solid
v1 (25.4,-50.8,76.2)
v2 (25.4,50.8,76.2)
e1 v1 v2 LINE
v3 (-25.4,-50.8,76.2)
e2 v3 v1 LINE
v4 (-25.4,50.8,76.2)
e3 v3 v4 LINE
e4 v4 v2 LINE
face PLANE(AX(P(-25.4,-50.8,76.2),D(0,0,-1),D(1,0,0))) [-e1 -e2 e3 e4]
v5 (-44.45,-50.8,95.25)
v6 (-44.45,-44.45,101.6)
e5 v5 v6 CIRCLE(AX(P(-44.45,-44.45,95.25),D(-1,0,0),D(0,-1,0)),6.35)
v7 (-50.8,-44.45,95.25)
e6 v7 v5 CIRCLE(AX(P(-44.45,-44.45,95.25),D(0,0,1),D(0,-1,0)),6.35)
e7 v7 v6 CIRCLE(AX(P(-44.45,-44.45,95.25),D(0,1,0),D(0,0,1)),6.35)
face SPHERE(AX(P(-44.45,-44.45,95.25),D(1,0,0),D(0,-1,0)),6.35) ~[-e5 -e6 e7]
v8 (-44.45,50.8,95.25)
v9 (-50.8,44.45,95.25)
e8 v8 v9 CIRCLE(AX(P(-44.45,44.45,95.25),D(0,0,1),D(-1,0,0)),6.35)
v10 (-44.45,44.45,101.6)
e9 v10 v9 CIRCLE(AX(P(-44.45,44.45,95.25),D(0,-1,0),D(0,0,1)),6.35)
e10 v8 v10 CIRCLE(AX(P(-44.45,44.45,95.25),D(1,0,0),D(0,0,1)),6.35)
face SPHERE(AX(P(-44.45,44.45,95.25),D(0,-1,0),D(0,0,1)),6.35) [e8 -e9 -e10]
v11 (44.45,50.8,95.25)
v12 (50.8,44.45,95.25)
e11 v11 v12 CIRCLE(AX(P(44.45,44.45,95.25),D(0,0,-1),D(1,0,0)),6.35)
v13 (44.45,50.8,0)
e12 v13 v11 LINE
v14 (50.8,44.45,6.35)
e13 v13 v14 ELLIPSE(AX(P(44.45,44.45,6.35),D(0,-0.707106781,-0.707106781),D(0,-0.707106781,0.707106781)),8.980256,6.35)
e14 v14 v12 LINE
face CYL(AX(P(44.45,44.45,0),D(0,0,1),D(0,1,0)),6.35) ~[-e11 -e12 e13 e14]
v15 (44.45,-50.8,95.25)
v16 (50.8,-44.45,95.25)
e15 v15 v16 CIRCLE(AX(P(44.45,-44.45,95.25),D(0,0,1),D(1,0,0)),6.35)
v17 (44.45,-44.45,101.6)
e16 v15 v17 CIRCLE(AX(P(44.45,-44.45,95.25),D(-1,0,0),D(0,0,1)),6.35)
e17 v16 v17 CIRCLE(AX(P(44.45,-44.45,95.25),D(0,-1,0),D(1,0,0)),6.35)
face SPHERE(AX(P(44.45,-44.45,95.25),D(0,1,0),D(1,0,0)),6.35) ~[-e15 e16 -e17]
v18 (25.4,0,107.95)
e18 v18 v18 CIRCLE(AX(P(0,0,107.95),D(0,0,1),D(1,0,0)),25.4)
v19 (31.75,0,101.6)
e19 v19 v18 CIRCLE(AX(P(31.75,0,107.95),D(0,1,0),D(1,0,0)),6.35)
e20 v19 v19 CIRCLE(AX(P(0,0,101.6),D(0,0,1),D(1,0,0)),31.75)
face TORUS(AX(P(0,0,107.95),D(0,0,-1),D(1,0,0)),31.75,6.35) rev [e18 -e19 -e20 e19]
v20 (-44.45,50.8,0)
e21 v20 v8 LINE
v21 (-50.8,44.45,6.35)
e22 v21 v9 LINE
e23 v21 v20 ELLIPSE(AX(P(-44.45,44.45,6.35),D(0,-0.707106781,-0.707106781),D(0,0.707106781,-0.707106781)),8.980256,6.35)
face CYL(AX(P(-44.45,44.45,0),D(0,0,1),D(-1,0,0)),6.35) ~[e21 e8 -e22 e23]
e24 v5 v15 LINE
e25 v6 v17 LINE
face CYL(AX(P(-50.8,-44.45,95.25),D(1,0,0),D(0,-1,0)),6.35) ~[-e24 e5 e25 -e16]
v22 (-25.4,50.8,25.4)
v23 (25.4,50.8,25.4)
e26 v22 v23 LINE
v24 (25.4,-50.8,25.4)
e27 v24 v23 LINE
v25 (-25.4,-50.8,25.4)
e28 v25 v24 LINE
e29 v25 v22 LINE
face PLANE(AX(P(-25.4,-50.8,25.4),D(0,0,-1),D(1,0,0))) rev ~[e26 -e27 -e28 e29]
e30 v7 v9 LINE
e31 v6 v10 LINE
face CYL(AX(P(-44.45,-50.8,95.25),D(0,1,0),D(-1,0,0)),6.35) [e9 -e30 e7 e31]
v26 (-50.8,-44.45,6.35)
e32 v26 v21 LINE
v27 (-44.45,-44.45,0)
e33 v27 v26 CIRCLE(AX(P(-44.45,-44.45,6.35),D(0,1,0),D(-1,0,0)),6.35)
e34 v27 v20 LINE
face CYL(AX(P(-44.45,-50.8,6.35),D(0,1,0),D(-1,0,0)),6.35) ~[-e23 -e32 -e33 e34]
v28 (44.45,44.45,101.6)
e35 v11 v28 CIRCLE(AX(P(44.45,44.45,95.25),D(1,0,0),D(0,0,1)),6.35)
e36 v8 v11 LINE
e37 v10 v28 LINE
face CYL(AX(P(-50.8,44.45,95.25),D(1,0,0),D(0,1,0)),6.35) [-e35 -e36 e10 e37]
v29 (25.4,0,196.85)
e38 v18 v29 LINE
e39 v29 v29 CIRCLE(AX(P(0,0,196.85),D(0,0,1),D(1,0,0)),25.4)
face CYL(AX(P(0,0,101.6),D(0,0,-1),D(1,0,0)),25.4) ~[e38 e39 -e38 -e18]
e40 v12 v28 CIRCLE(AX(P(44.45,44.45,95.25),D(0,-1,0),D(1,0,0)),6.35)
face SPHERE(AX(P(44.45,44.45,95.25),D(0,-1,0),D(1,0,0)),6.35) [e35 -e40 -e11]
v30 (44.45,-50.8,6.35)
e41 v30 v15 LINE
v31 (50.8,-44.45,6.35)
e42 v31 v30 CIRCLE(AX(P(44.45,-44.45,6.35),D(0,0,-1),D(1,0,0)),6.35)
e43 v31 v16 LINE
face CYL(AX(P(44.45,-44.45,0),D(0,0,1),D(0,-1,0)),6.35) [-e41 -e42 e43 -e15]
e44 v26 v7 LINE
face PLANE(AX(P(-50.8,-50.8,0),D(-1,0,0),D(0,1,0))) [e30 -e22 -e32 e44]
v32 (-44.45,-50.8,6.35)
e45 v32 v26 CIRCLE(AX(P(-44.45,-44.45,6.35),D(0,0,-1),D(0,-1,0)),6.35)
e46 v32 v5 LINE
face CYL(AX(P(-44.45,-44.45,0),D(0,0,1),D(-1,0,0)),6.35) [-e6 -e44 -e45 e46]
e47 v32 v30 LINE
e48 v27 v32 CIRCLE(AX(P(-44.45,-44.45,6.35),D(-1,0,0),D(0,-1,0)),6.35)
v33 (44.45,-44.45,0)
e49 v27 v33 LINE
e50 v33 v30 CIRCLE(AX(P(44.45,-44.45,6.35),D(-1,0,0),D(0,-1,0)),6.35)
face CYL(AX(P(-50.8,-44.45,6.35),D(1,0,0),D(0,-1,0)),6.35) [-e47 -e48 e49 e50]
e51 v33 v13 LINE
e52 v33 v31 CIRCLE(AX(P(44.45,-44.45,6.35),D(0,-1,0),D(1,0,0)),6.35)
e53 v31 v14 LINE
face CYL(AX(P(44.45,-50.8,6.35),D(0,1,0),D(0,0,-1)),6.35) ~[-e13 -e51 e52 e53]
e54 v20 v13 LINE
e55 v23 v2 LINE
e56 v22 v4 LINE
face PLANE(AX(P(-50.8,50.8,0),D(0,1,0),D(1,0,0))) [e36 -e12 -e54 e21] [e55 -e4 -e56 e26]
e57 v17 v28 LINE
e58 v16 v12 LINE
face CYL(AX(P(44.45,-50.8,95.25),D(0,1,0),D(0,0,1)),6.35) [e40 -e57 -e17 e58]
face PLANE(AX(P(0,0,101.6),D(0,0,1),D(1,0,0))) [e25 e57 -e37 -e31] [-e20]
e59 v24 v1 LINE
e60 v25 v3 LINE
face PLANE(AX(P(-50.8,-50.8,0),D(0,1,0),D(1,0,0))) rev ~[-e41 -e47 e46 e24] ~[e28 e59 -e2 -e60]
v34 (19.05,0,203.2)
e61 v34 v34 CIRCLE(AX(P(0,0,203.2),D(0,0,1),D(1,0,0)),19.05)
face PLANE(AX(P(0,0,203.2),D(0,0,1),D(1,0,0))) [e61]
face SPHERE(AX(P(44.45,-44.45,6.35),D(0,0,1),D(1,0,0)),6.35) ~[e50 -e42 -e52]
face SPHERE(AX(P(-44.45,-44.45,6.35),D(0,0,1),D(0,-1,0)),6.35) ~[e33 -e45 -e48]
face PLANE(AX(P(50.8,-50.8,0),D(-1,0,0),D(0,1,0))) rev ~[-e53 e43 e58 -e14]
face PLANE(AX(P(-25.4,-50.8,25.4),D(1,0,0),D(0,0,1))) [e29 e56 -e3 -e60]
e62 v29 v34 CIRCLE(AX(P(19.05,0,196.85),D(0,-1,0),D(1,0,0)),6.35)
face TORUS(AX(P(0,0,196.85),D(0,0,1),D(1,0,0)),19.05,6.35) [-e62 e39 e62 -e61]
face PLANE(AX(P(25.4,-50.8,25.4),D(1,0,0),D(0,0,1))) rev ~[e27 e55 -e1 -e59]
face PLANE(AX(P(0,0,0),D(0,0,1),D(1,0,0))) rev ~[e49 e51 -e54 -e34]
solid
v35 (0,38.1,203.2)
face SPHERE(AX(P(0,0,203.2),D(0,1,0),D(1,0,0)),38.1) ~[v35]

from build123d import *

# Parameters (mm, degrees)
F0_W     = 101.6
F0_H     = 101.6
F1_DEPTH = 101.6
F3_R     = 25.4
F4_DEPTH = 101.6
F7_W     = 50.8
F7_H     = 50.8
F8_DEPTH = 101.6
F9_R     = 6.35


with BuildPart() as f1:
    # F0 (on Top) → F1 (new body)
    with BuildSketch(Plane.XY):
        Rectangle(F0_W, F0_H)
    extrude(amount=F1_DEPTH)

    # F3 (on face) → F4 (join)
    with BuildSketch(Plane.XY.offset(101.6)):
        Circle(F3_R)
    extrude(amount=F4_DEPTH)

    # F7 (on face) → F8 (cut)
    with BuildSketch(Plane.XZ.offset(50.8)):
        with Locations((0, 50.8)):
            Rectangle(F7_W, F7_H)
    extrude(amount=-F8_DEPTH, mode=Mode.SUBTRACT)

    # F9
    f9_edges = [f1.edges().sort_by_distance(p)[0] for p in [
        (50.8, 0, 101.6),
        (50.8, -50.8, 50.8),
        (50.8, 50.8, 50.8),
        (50.8, 0, 0),
        (0, -50.8, 101.6),
        (-50.8, -50.8, 50.8),
        (0, -50.8, 0),
        (-50.8, 0, 101.6),
        (0, 50.8, 101.6),
        (-50.8, 0, 0),
        (-50.8, 50.8, 50.8),
        (-25.4, 0, 101.6),
        (25.4, 0, 152.4),
        (-25.4, 0, 203.2),
    ]]
    fillet(f9_edges, radius=F9_R)


with BuildPart() as f6:
    # F5 (on face) → F6 (revolve)
    with BuildSketch(Plane.XY.offset(203.2)):
        with BuildLine():
            Line((0, -25.4), (0, -38.1))
            ThreePointArc((0, -38.1), (38.1, 0), (0, 38.1))
            Line((0, 38.1), (0, 25.4))
            ThreePointArc((0, 25.4), (17.9605122421, 17.9605122421), (25.4, 0))
            ThreePointArc((25.4, 0), (17.9605122421, -17.9605122421), (0, -25.4))
        make_face()
        with BuildLine():
            Line((0, 25.4), (0, -25.4))
            ThreePointArc((0, -25.4), (17.9605122421, -17.9605122421), (25.4, 0))
            ThreePointArc((25.4, 0), (17.9605122421, 17.9605122421), (0, 25.4))
        make_face()
    revolve(axis=Axis((0, 0, 203.2), (0, -1, 0)))


solid = Compound([f1.part, f6.part])
